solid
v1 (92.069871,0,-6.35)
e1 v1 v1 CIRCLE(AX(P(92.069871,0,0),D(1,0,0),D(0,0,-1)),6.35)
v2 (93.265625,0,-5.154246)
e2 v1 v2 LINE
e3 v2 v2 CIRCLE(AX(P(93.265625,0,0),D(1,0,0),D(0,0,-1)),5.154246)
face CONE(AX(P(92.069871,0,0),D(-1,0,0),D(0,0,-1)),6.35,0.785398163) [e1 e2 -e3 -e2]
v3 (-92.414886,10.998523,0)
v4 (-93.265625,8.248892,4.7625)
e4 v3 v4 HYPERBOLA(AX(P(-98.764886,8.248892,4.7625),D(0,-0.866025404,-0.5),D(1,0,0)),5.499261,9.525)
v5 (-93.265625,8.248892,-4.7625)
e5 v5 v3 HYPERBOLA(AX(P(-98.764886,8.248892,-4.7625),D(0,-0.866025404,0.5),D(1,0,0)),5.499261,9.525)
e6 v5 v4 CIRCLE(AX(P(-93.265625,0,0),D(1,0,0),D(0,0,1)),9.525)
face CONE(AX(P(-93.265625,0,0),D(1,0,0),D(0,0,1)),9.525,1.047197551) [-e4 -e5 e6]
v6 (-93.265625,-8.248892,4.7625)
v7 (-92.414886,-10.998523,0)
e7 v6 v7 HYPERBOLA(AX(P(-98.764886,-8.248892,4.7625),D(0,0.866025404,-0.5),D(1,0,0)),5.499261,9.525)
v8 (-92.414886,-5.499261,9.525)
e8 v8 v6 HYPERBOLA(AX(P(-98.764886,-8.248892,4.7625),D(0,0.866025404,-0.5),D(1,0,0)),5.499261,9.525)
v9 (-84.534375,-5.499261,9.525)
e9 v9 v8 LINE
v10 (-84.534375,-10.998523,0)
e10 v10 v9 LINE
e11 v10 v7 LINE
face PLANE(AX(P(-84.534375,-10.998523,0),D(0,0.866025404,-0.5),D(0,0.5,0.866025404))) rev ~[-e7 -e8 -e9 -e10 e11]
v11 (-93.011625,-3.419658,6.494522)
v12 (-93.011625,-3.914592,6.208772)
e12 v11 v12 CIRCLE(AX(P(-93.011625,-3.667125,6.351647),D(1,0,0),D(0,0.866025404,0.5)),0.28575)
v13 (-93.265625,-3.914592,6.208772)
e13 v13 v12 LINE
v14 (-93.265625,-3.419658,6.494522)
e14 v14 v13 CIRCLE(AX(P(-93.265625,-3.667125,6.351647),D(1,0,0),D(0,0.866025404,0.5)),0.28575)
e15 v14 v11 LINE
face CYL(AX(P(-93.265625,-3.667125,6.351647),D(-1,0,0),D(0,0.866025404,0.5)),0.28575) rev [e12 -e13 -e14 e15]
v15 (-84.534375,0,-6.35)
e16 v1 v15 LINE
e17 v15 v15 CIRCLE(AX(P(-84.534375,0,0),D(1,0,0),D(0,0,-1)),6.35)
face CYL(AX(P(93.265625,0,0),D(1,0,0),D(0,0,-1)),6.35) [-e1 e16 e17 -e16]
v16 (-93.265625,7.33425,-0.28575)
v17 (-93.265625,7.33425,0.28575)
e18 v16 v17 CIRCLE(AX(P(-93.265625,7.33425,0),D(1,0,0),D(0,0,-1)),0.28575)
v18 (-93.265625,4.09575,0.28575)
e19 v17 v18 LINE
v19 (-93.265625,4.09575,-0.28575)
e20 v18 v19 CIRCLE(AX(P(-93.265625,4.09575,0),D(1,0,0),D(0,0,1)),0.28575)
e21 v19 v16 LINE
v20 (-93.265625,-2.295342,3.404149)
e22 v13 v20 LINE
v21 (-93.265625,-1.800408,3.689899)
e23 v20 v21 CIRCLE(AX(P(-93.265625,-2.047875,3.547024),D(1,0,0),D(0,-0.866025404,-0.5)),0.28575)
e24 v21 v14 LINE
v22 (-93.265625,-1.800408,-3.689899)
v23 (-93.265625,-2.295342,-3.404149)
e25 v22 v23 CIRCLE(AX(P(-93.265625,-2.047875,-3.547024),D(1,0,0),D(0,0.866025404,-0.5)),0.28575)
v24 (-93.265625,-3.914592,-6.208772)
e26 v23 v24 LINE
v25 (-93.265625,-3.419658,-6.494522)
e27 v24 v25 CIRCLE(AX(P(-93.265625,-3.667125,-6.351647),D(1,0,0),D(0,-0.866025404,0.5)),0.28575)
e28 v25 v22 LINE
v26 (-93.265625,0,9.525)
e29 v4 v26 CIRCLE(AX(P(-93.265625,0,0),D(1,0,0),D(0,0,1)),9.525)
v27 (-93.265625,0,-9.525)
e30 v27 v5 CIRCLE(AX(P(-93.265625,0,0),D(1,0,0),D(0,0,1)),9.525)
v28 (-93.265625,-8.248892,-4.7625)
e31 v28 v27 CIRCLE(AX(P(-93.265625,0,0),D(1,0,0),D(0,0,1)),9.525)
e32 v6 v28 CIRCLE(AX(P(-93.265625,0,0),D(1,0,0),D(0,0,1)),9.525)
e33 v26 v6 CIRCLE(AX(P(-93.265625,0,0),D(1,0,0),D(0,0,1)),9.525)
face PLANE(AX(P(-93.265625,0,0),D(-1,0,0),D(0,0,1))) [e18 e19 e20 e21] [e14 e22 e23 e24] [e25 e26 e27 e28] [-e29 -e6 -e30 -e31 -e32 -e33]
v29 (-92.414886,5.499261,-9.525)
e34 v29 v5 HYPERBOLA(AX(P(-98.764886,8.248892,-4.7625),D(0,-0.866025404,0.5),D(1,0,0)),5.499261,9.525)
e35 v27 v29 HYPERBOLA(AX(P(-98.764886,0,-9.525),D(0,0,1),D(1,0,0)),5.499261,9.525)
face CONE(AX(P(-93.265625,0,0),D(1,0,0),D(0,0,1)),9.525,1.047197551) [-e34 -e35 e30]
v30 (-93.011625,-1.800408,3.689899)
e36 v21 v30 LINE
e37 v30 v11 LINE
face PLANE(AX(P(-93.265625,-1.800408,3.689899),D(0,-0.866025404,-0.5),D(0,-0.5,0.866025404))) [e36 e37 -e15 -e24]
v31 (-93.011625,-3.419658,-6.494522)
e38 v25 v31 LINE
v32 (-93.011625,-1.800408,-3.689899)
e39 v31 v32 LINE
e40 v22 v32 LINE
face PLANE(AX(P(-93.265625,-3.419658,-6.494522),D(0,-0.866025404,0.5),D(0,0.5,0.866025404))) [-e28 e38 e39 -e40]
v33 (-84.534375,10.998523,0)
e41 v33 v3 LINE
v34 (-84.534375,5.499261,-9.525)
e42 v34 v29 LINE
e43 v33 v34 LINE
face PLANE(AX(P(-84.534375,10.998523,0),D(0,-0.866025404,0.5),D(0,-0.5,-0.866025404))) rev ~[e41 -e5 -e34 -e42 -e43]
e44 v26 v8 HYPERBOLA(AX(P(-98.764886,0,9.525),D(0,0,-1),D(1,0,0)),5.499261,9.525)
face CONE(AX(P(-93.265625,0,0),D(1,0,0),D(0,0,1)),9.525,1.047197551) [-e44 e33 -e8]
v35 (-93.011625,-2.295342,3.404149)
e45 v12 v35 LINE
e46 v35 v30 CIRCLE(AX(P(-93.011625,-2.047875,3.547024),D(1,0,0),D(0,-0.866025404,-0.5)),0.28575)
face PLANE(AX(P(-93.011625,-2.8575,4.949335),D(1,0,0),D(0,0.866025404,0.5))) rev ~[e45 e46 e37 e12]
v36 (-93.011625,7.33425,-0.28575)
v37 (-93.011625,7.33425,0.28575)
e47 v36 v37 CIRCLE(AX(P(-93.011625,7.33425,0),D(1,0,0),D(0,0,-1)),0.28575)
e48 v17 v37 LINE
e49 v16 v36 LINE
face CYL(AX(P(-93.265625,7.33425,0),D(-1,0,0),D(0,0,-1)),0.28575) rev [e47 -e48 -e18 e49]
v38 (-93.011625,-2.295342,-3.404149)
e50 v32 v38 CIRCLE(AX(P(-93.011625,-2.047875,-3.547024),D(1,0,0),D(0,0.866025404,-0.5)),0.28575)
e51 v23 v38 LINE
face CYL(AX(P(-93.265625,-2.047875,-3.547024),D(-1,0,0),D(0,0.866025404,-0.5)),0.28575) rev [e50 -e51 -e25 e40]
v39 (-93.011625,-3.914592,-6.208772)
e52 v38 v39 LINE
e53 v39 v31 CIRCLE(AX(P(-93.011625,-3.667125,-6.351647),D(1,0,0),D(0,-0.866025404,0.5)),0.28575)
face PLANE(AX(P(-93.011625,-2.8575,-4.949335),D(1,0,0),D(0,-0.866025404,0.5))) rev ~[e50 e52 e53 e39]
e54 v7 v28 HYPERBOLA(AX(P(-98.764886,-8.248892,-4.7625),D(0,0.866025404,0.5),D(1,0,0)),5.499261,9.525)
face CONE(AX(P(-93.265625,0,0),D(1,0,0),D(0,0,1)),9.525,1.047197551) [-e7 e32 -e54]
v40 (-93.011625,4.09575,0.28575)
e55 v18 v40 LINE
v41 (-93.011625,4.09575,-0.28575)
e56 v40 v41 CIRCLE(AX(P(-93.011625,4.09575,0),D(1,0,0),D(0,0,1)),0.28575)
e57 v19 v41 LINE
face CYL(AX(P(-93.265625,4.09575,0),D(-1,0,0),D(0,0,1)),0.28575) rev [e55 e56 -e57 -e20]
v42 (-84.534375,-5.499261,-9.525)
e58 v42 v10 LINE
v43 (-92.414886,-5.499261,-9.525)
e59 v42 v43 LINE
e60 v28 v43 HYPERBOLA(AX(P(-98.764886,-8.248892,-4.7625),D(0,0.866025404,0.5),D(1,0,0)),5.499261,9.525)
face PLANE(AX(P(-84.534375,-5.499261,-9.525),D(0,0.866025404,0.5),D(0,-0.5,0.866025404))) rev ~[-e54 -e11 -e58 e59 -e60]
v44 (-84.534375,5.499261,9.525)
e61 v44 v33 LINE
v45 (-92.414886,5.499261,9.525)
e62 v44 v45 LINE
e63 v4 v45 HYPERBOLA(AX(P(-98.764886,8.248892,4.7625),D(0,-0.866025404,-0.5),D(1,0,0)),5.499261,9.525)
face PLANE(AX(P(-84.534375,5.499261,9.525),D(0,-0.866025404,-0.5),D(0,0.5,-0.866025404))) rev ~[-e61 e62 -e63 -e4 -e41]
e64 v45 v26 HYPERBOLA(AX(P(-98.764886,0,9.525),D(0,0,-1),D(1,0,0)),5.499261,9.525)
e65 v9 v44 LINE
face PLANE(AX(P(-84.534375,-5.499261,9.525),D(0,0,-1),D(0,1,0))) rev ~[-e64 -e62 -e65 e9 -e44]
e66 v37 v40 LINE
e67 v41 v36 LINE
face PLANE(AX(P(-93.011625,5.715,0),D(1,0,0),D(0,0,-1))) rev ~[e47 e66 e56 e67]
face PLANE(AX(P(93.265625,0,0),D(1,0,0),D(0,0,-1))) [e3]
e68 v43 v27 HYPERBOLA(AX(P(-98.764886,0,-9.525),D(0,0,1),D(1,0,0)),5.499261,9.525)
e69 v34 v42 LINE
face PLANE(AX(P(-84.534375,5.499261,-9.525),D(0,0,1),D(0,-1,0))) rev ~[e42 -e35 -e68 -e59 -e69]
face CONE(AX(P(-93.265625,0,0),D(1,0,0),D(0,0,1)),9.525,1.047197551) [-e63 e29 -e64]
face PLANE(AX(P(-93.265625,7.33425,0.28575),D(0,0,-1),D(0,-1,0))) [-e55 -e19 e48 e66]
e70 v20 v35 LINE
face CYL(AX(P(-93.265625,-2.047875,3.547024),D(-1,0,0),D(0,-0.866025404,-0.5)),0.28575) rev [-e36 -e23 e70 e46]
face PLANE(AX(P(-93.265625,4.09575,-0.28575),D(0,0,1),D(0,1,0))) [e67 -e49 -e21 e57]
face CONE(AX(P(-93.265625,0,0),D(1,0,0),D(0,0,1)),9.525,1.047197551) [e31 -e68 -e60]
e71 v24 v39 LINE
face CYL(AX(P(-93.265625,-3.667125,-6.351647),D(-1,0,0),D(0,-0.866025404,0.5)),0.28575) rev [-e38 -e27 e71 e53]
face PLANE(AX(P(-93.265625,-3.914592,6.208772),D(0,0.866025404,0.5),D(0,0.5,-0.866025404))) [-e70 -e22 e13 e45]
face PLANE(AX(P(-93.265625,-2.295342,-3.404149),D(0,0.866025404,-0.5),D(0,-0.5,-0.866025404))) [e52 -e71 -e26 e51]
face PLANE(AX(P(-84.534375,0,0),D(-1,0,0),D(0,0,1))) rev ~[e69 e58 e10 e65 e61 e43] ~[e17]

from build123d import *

# Parameters (mm, degrees)
SKETCH5_R           = 6.35
BOSS_EXTRUDE3_DEPTH = 177.8
CHAMFER1_SIZE       = 1.195753846
BOSS_EXTRUDE4_DEPTH = 8.73125
SKETCH8_OUTSIDE_W   = 708.434
SKETCH8_OUTSIDE_H   = 711.382
SKETCH8_OUTSIDE_R   = 9.525
CUT_EXTRUDE3_DEPTH  = 187.53125
CUT_EXTRUDE3_TAPER  = 60
CUT_EXTRUDE4_DEPTH  = 0.254
CIRPATTERN1_COUNT   = 3


with BuildPart() as part:
    # Sketch5 → Boss-Extrude3 (new body)
    with BuildSketch(Plane(origin=(93.265625, 0, 0), x_dir=(0, 0, -1), z_dir=(1, 0, 0))):
        Circle(SKETCH5_R)
    extrude(amount=-BOSS_EXTRUDE3_DEPTH)

    # Chamfer1
    chamfer1_edges = [part.edges().sort_by_distance(p)[0] for p in [
        (93.265625, 0, 6.35),
    ]]
    chamfer(chamfer1_edges, length=CHAMFER1_SIZE)

    # Sketch6 → Boss-Extrude4 (add)
    with BuildSketch(Plane.ZY.offset(84.534375)):
        Polygon((9.525, 5.499261314), (0, 10.998522628), (-9.525, 5.499261314), (-9.525, -5.499261314), (0, -10.998522628), (9.525, -5.499261314), align=None)
    extrude(amount=BOSS_EXTRUDE4_DEPTH)

    # Sketch8 outside → Cut-Extrude3 (cut, through all)
    with BuildSketch(Plane.ZY.offset(93.265625)):
        Rectangle(SKETCH8_OUTSIDE_W, SKETCH8_OUTSIDE_H)
        Circle(SKETCH8_OUTSIDE_R, mode=Mode.SUBTRACT)
    extrude(amount=-CUT_EXTRUDE3_DEPTH, taper=CUT_EXTRUDE3_TAPER, mode=Mode.SUBTRACT)

    # Sketch12 → Cut-Extrude4 (cut)
    with BuildSketch(Plane.ZY.offset(93.265625)):
        with BuildLine():
            Line((0.28575, 7.33425), (0.28575, 4.09575))
            ThreePointArc((0.28575, 4.09575), (0, 3.81), (-0.28575, 4.09575))
            Line((-0.28575, 4.09575), (-0.28575, 7.33425))
            ThreePointArc((-0.28575, 7.33425), (0, 7.62), (0.28575, 7.33425))
        make_face()
    cut_extrude4 = extrude(amount=-CUT_EXTRUDE4_DEPTH, mode=Mode.SUBTRACT)

    # CirPattern1: Cut-Extrude4 ×3 about axis
    cirpattern1_axis = Axis((0, 0, 0), (1, 0, 0))
    for i in range(1, CIRPATTERN1_COUNT):
        add(cut_extrude4.rotate(cirpattern1_axis, i * 360 / CIRPATTERN1_COUNT), mode=Mode.SUBTRACT)


solid = part.part
